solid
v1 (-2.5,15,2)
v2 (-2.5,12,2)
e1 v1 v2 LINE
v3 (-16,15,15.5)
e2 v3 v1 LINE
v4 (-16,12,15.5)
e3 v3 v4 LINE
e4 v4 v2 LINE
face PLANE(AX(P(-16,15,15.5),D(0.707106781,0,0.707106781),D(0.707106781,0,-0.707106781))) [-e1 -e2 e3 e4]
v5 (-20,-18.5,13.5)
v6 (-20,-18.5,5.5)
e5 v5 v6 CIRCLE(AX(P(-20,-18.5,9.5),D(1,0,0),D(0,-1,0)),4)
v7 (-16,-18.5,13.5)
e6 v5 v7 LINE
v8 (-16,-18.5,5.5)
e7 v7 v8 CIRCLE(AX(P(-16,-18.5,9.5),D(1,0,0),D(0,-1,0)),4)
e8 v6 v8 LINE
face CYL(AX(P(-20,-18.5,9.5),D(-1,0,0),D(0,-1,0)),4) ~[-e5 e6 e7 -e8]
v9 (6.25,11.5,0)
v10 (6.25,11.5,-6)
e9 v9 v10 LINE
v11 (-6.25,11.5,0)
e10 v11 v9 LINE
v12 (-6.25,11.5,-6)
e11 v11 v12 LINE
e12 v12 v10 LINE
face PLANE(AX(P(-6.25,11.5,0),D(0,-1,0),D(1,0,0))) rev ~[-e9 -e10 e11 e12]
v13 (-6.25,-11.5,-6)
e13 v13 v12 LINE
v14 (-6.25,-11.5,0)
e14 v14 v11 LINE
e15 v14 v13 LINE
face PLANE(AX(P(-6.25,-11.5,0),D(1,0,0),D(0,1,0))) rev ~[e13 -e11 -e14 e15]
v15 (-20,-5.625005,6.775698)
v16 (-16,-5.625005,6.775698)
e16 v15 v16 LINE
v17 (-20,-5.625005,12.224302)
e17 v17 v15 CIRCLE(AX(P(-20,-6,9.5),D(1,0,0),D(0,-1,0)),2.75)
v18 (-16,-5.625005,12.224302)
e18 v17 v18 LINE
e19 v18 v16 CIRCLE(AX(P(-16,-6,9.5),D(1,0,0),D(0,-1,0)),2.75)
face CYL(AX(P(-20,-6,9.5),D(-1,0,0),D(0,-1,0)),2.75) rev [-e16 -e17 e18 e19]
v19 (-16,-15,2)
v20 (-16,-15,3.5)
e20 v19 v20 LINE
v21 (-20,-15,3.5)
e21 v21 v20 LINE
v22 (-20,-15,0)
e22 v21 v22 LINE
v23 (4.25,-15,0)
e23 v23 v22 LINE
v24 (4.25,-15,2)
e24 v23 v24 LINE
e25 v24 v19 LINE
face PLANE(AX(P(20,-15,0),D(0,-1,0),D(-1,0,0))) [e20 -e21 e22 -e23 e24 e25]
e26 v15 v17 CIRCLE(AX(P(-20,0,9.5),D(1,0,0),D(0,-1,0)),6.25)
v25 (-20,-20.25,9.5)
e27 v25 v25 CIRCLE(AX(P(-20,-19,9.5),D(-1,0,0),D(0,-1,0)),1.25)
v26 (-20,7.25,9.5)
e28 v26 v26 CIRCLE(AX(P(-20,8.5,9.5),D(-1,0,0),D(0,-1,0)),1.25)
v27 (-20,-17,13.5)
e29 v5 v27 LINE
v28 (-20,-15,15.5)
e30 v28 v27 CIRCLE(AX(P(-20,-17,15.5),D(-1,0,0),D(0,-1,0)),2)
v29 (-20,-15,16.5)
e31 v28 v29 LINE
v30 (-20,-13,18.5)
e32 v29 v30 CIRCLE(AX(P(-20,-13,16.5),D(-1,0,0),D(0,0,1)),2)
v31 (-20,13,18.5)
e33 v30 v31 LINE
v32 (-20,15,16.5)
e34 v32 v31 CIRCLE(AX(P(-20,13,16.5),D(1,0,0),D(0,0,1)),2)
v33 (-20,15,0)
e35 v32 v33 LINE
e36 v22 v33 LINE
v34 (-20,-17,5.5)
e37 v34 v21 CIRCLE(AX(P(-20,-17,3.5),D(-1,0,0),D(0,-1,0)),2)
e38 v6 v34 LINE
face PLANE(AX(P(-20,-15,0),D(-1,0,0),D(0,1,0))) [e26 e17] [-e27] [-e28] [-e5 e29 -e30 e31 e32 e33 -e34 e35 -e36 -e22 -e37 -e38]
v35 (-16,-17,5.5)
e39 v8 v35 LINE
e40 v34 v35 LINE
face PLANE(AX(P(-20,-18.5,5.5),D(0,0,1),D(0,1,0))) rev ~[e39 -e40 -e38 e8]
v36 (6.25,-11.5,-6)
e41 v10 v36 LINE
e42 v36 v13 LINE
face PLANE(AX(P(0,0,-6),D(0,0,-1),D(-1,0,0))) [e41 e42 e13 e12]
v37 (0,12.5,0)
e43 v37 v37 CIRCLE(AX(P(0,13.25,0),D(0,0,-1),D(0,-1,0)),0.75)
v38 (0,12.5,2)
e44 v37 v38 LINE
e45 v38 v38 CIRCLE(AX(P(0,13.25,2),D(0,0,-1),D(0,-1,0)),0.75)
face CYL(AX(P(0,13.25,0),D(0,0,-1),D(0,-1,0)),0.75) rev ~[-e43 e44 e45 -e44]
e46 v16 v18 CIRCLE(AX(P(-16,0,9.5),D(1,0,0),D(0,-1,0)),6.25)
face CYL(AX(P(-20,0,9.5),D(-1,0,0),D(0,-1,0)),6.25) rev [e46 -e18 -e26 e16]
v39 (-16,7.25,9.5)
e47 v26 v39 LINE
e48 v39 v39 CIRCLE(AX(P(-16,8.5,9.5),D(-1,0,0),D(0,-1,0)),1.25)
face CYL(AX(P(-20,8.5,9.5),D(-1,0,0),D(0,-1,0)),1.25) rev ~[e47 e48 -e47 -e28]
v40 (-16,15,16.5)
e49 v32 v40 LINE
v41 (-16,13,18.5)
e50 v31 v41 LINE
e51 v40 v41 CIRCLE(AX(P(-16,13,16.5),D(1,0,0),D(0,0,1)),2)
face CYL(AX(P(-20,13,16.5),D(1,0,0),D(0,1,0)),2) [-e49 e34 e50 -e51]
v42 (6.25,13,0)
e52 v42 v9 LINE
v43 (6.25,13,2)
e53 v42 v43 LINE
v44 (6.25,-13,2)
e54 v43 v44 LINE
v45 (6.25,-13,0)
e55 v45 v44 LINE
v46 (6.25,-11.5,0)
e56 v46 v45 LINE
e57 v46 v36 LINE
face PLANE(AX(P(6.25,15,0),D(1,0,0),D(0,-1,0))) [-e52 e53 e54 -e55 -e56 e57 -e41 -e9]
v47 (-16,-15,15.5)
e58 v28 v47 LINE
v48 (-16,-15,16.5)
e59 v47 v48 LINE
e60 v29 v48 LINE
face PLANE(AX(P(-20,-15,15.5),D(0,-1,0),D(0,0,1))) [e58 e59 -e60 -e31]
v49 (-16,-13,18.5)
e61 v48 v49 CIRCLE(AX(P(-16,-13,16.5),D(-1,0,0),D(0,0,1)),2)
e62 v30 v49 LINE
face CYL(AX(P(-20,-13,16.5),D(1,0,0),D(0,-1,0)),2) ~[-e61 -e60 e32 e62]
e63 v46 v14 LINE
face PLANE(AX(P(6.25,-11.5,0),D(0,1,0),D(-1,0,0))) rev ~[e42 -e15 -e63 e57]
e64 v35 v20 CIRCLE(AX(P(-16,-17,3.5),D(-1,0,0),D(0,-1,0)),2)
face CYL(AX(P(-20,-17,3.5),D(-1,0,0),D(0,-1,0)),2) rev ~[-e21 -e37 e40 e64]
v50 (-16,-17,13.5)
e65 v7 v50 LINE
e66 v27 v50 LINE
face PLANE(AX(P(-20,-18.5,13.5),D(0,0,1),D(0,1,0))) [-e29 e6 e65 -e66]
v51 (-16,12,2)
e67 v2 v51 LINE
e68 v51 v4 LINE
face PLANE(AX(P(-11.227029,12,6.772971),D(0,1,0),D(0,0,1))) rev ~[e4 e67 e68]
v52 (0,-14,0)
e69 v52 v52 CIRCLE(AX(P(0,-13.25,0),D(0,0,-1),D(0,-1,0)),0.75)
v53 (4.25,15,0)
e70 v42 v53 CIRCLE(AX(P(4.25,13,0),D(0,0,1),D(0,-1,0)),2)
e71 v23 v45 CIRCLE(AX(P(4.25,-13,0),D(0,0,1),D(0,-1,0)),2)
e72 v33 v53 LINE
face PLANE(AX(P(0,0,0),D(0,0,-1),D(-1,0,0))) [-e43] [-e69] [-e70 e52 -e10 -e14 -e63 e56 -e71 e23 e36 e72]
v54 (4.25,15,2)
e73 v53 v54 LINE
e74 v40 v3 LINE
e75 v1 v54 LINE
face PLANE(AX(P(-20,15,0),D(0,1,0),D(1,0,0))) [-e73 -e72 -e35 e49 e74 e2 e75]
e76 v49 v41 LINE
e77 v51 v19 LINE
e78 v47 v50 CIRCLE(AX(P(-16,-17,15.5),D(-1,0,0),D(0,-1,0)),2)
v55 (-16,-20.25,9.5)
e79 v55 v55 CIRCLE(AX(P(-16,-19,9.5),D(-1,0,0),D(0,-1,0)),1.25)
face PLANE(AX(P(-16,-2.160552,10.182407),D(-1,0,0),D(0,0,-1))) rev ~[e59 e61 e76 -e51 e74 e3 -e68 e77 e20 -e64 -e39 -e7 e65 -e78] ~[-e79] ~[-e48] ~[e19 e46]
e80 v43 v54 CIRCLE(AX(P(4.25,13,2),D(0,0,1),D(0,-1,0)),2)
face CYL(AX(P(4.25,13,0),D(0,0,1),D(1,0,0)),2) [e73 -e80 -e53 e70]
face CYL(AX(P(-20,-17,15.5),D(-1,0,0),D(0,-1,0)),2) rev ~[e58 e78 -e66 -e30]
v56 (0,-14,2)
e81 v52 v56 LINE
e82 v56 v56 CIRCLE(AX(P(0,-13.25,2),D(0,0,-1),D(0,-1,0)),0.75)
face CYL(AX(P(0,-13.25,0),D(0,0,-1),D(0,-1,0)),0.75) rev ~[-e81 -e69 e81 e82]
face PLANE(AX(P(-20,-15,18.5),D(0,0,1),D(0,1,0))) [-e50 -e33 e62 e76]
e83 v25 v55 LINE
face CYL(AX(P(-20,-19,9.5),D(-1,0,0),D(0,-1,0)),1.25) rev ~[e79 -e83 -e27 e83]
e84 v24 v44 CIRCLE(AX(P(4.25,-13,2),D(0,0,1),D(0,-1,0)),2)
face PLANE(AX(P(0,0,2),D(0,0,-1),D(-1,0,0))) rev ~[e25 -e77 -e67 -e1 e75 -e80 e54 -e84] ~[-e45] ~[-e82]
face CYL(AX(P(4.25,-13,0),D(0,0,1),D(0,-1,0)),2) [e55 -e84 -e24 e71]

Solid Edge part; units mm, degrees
sketch "Sketch1" plane through (0, 0, 0) normal (0, 0, 1) x (1, 0, 0)
  line L0 (20, -15) -> (-20, -15)
  line L1 (-20, -15) -> (-20, 15)
  line L2 (-20, 15) -> (20, 15)
  line L3 (20, 15) -> (20, -15)
extrude "Protrusion1" add sketch "Sketch1" along normal blind 2
sketch "Sketch2" plane through (0, 0, 0) normal (0, 0, -1) x (1, 0, 0)
  line L0 (6.25, -11.5) -> (6.25, 11.5)
  line L1 (6.25, 11.5) -> (-6.25, 11.5)
  line L2 (-6.25, 11.5) -> (-6.25, -11.5)
  line L3 (-6.25, -11.5) -> (6.25, -11.5)
extrude "ExtrudedProtrusion_2" add sketch "Sketch2" along normal blind 6
sketch "Sketch3" plane through (-20, 0, 1) normal (-1, 0, 0) x (0, -1, 0)
  line L0 (-15, 17.5) -> (-15, 1)
  line L1 (-15, 1) -> (15, 1)
  line L2 (15, 1) -> (15, 2.5)
  arc A0 (17, 4.5) -> (15, 2.5) centre (17, 2.5) ccw
  line L3 (18.5, 4.5) -> (17, 4.5)
  line L4 (18.5, 12.5) -> (17, 12.5)
  arc A1 (15, 14.5) -> (17, 12.5) centre (17, 14.5) ccw
  line L5 (15, 14.5) -> (15, 17.5)
  line L6 (15, 17.5) -> (-15, 17.5)
  arc A2 (18.5, 12.5) -> (18.5, 4.5) centre (18.5, 8.5) cw
  arc A3 (5.625, 5.7757) -> (5.625, 11.2243) centre (0, 8.5) cw
  arc A4 (5.625, 11.2243) -> (5.625, 5.7757) centre (6, 8.5) cw
extrude "ExtrudedProtrusion_3" add sketch "Sketch3" against normal blind 4
sketch "Sketch4" plane through (0, 0, 0) normal (0, 0, -1) x (0, -1, 0)
  circle A0 centre (-13.25, 0) radius 0.75
  circle A1 centre (13.25, 0) radius 0.75
extrude "ExtrudedCutout_1" cut sketch "Sketch4" against normal blind 30
sketch "Sketch5" plane through (0, 15, 9.25) normal (0, 1, 0) x (-1, 0, 0)
  line L0 (16, 6.25) -> (2.5, -7.25)
  line L1 (2.5, -7.25) -> (16, -7.25)
  line L2 (16, -7.25) -> (16, 6.25)
extrude "ExtrudedProtrusion_4" add sketch "Sketch5" against normal blind 3
sketch "Sketch6" plane through (0, 0, 0) normal (0, 0, -1) x (0, 1, 0)
  line L0 (-15, 20) -> (15, 20)
  line L1 (15, 20) -> (15, 6.25)
  line L2 (15, 6.25) -> (-15, 6.25)
  line L3 (-15, 6.25) -> (-15, 20)
extrude "ExtrudedCutout_2" cut sketch "Sketch6" against normal blind 11
fillet "Round_1" radius 2 2 edges at (6.25, -15, 1) (6.25, 15, 1)
fillet "Round_2" radius 2 2 edges at (-18, 15, 18.5) (-18, -15, 18.5)
sketch "Sketch7" plane through (-20, 0, 1) normal (-1, 0, 0) x (0, -1, 0)
  circle A0 centre (-8.5, 8.5) radius 1.25
  circle A1 centre (19, 8.5) radius 1.25
extrude "ExtrudedCutout_3" cut sketch "Sketch7" against normal blind 8
